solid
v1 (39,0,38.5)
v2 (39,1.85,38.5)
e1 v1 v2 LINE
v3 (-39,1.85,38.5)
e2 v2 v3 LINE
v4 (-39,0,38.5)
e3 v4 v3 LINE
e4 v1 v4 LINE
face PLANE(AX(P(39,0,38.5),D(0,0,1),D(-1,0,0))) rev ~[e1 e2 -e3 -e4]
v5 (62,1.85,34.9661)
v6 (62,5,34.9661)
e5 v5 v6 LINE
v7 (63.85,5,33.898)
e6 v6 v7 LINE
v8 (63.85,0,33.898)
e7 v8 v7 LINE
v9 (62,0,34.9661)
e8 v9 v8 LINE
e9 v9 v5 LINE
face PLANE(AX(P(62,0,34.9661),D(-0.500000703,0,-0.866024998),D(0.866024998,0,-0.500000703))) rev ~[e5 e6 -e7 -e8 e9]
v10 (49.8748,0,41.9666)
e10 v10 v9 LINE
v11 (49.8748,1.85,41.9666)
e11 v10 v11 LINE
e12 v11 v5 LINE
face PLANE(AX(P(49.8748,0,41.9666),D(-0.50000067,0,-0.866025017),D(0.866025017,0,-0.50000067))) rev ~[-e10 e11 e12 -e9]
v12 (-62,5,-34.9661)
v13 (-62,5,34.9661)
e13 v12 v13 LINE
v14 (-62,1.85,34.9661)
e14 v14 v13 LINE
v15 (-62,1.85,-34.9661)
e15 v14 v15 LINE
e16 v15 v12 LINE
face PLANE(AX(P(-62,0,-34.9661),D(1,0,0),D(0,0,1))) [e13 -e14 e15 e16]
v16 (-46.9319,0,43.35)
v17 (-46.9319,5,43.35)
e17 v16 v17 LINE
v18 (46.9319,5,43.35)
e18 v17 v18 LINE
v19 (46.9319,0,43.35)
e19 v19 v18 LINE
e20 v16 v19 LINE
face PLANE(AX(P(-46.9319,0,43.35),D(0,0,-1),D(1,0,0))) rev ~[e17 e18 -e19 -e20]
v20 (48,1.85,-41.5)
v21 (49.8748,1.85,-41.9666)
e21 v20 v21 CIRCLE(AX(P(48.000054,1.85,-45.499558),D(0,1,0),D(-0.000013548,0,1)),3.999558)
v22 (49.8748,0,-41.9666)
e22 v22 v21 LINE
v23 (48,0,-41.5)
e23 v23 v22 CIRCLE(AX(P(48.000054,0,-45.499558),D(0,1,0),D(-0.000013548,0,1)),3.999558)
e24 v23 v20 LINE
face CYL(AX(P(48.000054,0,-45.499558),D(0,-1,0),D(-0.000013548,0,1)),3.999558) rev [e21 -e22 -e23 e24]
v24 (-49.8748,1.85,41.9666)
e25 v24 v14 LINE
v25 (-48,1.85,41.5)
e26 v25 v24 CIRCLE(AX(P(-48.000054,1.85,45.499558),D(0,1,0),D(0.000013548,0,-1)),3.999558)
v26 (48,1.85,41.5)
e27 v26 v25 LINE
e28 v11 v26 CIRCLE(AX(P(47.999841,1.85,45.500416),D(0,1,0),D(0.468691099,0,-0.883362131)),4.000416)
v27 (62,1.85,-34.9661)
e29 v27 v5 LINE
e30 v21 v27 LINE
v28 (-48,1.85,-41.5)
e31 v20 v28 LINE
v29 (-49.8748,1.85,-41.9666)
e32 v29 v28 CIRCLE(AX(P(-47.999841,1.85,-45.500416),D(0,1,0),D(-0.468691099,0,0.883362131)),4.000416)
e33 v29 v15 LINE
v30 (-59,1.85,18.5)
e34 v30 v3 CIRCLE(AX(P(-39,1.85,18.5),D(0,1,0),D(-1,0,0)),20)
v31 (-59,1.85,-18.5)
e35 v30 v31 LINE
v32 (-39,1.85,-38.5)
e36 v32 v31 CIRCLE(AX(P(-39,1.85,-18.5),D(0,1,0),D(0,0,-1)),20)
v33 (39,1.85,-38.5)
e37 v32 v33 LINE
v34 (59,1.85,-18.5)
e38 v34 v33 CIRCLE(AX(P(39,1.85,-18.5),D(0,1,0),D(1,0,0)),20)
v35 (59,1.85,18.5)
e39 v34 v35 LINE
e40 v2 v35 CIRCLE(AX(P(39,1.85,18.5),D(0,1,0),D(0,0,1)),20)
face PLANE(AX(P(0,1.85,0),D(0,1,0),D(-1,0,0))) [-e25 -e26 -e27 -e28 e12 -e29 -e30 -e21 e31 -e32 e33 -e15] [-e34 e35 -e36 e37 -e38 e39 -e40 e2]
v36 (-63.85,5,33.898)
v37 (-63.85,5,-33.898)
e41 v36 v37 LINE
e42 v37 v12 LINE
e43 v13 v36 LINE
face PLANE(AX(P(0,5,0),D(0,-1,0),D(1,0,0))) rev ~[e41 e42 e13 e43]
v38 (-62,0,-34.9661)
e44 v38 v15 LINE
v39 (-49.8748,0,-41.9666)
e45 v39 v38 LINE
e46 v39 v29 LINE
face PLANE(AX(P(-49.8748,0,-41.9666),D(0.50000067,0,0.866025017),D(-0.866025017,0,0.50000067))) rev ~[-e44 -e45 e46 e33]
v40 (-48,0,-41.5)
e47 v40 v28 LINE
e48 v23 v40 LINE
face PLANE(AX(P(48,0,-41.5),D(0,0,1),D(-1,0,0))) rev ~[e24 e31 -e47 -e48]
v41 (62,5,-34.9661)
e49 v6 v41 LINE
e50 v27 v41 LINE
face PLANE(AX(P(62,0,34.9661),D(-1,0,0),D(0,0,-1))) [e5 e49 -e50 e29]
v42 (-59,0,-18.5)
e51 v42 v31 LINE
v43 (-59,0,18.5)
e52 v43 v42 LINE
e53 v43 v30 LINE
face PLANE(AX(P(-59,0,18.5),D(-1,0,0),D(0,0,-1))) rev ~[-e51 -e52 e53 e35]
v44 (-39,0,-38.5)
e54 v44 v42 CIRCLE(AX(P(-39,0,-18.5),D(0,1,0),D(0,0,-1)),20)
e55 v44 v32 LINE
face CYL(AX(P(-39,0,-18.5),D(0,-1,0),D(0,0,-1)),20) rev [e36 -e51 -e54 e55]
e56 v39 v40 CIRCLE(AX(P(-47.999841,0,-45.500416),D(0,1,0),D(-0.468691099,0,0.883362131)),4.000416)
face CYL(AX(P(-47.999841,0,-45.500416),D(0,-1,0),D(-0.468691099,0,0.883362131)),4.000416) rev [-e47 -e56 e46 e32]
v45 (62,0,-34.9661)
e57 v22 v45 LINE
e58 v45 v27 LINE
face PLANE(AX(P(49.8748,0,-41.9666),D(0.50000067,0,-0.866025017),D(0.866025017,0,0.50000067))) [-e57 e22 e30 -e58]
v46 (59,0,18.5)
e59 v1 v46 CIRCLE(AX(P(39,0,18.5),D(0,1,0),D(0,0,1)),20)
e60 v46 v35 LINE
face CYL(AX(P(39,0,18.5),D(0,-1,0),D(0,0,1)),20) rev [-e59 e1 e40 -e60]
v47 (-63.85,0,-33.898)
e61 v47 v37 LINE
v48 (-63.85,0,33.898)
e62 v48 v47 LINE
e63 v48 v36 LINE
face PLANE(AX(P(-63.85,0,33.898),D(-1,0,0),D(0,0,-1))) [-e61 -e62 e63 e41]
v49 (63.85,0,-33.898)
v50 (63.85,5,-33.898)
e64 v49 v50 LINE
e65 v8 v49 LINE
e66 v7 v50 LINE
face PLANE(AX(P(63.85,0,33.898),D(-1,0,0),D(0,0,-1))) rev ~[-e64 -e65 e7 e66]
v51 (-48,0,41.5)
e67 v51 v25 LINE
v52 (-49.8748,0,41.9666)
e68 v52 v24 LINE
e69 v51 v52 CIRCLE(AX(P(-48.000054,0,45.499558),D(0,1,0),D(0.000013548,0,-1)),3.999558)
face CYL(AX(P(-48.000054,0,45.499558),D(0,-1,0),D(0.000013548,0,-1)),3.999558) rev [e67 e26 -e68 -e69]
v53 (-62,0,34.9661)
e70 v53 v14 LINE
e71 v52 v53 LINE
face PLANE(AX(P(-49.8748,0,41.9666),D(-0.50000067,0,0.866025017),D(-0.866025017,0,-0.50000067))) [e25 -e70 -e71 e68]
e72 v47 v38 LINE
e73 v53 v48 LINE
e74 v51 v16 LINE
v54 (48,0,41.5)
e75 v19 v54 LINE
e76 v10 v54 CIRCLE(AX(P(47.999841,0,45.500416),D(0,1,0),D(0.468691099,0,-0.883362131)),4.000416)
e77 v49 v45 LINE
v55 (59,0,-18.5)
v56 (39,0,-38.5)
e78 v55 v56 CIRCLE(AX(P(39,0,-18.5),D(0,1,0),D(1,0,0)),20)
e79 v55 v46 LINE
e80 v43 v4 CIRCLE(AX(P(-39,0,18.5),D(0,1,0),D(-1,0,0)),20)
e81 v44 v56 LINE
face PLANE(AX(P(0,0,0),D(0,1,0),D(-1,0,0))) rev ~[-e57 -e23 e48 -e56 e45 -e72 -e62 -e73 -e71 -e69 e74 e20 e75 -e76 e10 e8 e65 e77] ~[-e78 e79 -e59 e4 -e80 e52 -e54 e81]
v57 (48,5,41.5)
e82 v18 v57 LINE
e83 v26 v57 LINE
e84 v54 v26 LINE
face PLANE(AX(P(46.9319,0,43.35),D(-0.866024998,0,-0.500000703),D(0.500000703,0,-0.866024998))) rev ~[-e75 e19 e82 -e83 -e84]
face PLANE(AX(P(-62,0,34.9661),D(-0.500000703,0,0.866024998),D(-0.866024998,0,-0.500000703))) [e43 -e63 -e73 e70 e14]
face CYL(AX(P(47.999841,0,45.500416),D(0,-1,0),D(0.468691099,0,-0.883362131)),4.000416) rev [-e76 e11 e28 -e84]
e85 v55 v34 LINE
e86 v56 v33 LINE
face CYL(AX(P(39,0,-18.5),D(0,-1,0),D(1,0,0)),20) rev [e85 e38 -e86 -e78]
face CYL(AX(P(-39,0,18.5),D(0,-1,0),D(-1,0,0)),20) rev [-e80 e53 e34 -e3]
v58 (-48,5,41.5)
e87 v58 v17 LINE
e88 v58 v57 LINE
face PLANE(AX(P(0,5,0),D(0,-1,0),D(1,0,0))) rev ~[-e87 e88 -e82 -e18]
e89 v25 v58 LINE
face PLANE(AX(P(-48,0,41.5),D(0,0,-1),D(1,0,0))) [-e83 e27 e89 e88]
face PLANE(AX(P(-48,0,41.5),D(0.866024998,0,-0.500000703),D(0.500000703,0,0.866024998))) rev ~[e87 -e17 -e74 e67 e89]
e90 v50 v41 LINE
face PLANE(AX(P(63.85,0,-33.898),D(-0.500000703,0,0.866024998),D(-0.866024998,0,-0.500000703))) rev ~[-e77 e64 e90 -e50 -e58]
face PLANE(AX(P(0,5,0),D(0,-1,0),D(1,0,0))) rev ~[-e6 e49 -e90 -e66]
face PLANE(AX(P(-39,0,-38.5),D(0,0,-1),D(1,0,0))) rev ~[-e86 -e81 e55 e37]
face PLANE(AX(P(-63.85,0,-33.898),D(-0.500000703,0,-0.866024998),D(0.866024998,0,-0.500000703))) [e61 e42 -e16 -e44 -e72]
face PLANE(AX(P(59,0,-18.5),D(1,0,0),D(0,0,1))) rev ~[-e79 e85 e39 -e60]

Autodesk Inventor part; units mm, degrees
ref_plane "YZ Plane" through (0, 0, 0) normal (1, 0, 0) x (0, 1, 0)
ref_plane "XZ Plane" through (0, 0, 0) normal (0, 1, 0) x (-1, 0, 0)
ref_plane "XY Plane" through (0, 0, 0) normal (0, 0, 1) x (1, 0, 0)
sketch "Seal Outline" plane through (0, 0, 0) normal (0, 1, 0) x (-1, 0, 0)
  line L0 (-48, 41.5) -> (48, 41.5)
  line L1 (62, 34.9661) -> (62, -34.9661)
  line L2 (-62, -34.9661) -> (-62, 34.9661)
  line L3 (62, 41.5045) -> (62, 41.5)
  arc A0 (-49.8748, 41.9666) -> (-48, 41.5) centre (-48, 45.5) ccw
  arc A1 (48, 41.5) -> (49.8748, 41.9666) centre (48, 45.5) ccw
  line L4 (48, 41.5) -> (37.7809, 41.4967)
  line L5 (-49.8748, 41.9666) -> (-62, 34.9661)
  line L6 (49.8748, 41.9666) -> (62, 34.9661)
  line L7 (62, -41.5045) -> (62, -41.5)
  arc A2 (49.8748, -41.9666) -> (48, -41.5) centre (48, -45.5) ccw
  line L8 (48, -41.5) -> (37.7809, -41.4967)
  line L9 (-48, -41.5) -> (48, -41.5)
  arc A3 (-48, -41.5) -> (-49.8748, -41.9666) centre (-48, -45.5) ccw
  line L10 (-49.8748, -41.9666) -> (-62, -34.9661)
  line L11 (49.8748, -41.9666) -> (62, -34.9661)
  line L12 (-39, 38.5) -> (39, 38.5)
  line L13 (59, 18.5) -> (59, -18.5)
  line L14 (39, -38.5) -> (-39, -38.5)
  line L15 (-59, -18.5) -> (-59, 18.5)
  arc A4 (-59, -18.5) -> (-39, -38.5) centre (-39, -18.5) ccw
  arc A5 (-39, 38.5) -> (-59, 18.5) centre (-39, 18.5) ccw
  arc A6 (59, 18.5) -> (39, 38.5) centre (39, 18.5) ccw
  arc A7 (39, -38.5) -> (59, -18.5) centre (39, -18.5) ccw
  point P0 (0, 0)
  dimension "d6" = 124
  dimension "d7" = 96
  dimension "d14" = 83
  dimension "d15" = 4
  dimension "d16" = 4
  dimension "d17" = 4
  dimension "d18" = 4
  dimension "d19" = 60
  dimension "d20" = 120
  dimension "d21" = 89.982
  dimension "d22" = 89.982
  dimension "d23" = 90
  dimension "d24" = 0
  dimension "d25" = 122.5631
  dimension "d26" = 122.5631
  dimension "d27" = 62
  dimension "d28" = 62
  dimension "d29" = 61.2816
  dimension "d30" = 61.2816
  dimension "d31" = 41.4847
  dimension "d32" = 41.4847
  dimension "d33" = 41.5
  dimension "d34" = 5.6585
  dimension "d35" = 66.2216
  dimension "d36" = 24.2191
  dimension "d37" = 24.2191
  dimension "d38" = 110
  dimension "d39" = 78
  dimension "d40" = 20
  dimension "d41" = 37
  dimension "d43" = 3
  dimension "d44" = 3
extrude "Extrusion1" add sketch "Seal Outline" along normal blind 1.85
sketch "Sketch2" plane through (0, 0, 0) normal (0, -1, 0) x (1, 0, 0)
  line L0 (62, 34.9661) -> (62, -34.9661) projected
  line L1 (-48, 41.5) -> (48, 41.5) projected
  line L2 (-62, -34.9661) -> (-62, 34.9661) projected
  line L3 (-48, 41.5) -> (-46.9319, 43.35)
  line L4 (-46.9319, 43.35) -> (46.9319, 43.35)
  line L5 (46.9319, 43.35) -> (48, 41.5)
  line L6 (-62, 34.9661) -> (-63.85, 33.898)
  line L7 (-63.85, 33.898) -> (-63.85, -33.898)
  line L8 (-63.85, -33.898) -> (-62, -34.9661)
  line L9 (62, 34.9661) -> (63.85, 33.898)
  line L10 (63.85, 33.898) -> (63.85, -33.898)
  line L11 (63.85, -33.898) -> (62, -34.9661)
  point P0 (-48, -41.5)
  point P1 (48, -41.5)
  dimension "d47" = 120
  dimension "d49" = 120
  dimension "d50" = 1.85
  dimension "d51" = 120
  dimension "d55" = 120
  dimension "d57" = 1.85
  dimension "d58" = 120
  dimension "d59" = 120
  dimension "d60" = 1.85
extrude "Extrusion3" add sketch "Sketch2" against normal blind 5
equation "\"d49\" = d47"
equation "\"d51\" = d47"
equation "\"d55\" = d47"
equation "\"d57\" = d50"
equation "\"d58\" = d47"
equation "\"d59\" = d47"
equation "\"d60\" = d50"
properties part number "RubberLidSeal" material "Rubber"
